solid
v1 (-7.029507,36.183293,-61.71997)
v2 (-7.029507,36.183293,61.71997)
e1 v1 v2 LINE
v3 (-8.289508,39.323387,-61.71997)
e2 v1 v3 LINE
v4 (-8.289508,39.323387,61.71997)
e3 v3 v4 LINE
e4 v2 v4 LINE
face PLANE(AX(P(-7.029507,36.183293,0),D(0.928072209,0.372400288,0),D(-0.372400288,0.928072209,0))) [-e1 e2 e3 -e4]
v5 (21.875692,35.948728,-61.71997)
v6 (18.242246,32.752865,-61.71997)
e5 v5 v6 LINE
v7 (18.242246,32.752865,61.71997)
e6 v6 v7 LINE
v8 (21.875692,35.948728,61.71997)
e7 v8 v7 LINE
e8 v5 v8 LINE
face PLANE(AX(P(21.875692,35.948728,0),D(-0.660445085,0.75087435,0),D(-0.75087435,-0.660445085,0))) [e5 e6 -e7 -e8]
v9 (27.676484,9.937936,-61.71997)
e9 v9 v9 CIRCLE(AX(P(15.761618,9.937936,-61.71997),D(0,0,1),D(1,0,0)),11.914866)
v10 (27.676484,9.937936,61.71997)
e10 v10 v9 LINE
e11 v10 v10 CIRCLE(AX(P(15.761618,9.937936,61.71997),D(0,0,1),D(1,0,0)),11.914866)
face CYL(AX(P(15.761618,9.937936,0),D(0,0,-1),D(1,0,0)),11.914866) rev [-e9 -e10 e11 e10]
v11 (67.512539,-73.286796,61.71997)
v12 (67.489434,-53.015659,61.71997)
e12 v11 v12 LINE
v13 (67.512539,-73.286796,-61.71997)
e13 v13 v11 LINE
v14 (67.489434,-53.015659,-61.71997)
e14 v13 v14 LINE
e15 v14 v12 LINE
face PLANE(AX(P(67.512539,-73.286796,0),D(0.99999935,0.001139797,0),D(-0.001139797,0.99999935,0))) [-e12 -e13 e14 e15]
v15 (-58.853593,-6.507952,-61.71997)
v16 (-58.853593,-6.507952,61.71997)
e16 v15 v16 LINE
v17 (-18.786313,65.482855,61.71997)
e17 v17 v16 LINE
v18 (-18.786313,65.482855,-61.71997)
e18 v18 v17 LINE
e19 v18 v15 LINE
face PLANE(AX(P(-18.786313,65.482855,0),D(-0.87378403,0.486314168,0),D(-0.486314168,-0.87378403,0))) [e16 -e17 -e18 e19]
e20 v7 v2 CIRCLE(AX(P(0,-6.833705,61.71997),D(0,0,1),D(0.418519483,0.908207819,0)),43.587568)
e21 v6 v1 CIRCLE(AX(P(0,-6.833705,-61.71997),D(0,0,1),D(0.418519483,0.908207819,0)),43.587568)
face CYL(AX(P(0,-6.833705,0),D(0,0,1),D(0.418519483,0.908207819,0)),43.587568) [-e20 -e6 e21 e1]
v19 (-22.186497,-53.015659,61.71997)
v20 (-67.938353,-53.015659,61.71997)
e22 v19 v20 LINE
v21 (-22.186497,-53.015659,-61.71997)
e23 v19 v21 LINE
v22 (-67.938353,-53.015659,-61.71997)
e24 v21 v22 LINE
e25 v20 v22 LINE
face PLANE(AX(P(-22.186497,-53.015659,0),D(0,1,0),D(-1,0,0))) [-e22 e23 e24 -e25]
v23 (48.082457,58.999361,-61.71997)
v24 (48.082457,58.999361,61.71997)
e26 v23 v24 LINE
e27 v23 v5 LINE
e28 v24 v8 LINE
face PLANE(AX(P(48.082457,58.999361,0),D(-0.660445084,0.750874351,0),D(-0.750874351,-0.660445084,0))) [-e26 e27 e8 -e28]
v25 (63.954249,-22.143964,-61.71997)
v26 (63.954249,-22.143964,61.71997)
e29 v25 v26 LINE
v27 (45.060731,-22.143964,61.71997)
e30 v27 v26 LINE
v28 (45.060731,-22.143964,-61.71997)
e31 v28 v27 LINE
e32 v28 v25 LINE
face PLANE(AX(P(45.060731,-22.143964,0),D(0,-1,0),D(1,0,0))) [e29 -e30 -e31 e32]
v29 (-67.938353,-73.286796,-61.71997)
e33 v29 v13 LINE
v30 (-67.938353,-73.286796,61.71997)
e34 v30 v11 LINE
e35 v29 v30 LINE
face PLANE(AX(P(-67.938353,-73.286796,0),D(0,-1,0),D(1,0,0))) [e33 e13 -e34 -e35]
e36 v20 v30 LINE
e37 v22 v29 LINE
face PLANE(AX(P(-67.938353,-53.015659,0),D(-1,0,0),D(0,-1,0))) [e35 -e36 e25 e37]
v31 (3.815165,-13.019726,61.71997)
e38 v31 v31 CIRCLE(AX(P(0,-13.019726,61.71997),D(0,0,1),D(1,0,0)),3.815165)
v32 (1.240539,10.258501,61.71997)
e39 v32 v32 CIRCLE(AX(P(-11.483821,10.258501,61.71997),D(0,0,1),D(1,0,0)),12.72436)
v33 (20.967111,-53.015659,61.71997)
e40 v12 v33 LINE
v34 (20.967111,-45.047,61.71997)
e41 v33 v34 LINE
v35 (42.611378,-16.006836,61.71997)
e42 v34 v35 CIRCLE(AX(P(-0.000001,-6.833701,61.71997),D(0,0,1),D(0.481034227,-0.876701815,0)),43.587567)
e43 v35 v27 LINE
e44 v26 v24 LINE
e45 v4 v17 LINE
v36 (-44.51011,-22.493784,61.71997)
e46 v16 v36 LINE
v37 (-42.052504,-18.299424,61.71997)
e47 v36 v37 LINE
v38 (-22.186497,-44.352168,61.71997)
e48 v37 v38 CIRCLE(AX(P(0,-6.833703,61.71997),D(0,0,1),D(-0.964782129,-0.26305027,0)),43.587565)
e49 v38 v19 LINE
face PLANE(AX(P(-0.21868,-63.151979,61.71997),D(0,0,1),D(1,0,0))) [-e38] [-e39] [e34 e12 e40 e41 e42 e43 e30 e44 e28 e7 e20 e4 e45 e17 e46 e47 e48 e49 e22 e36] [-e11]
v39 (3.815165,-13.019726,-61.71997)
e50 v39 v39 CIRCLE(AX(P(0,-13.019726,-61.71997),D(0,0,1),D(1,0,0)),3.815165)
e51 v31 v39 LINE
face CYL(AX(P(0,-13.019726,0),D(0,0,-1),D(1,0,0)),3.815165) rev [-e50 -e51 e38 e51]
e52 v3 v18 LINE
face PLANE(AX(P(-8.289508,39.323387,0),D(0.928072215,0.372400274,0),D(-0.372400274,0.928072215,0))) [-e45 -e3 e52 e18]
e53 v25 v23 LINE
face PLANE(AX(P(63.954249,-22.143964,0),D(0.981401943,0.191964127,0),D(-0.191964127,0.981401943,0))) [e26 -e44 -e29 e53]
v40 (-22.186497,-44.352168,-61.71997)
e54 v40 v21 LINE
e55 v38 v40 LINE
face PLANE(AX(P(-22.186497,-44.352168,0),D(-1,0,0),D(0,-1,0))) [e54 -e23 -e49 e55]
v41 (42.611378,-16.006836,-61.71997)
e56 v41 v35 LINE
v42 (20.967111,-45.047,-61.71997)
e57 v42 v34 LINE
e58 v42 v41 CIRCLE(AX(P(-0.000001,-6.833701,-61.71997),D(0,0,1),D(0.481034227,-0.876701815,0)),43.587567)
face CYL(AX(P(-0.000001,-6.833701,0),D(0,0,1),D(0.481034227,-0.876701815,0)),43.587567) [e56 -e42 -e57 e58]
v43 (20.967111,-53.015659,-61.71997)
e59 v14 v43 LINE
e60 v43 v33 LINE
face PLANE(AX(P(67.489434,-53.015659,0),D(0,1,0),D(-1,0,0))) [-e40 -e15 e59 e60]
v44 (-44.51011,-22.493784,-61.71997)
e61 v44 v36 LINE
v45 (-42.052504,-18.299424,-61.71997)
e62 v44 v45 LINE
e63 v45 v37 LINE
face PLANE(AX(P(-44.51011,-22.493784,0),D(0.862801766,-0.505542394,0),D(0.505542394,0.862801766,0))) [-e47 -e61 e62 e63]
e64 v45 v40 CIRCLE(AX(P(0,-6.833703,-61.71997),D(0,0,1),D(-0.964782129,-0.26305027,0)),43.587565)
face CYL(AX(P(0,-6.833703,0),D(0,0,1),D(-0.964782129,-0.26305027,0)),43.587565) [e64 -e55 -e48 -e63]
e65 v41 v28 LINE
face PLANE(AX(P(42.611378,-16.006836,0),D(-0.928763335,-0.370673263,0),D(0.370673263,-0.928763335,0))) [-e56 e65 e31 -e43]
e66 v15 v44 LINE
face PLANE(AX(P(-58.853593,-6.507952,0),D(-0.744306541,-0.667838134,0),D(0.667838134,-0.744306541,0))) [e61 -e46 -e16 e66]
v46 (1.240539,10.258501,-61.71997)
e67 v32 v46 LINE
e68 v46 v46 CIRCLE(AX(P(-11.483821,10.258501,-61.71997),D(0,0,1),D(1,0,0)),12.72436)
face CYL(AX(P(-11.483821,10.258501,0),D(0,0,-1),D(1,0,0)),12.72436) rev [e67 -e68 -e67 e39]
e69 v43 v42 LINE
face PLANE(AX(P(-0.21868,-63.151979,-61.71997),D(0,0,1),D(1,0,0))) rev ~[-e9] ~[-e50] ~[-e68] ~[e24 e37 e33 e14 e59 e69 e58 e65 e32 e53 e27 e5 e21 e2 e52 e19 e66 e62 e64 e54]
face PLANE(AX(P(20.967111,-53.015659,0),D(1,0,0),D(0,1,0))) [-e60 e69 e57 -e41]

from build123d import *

# Parameters (mm, degrees)
F0_R     = 3.815165
F0_R_2   = 12.72436
F0_R_3   = 11.914866
F1_DEPTH = 61.71997


with BuildPart() as f1:
    # F0 (on Top) → F1 (new body, symmetric)
    with BuildSketch(Plane.XY):
        Polygon((-22.186497, -53.015659), (-54.091621, -53.015659), (-67.938353, -53.015659), (-67.938353, -73.286796), (67.512539, -73.286796), (67.489434, -53.015659), (20.967111, -53.015659), align=None)
        with BuildLine():
            Line((-22.186497, -44.352168), (-22.186497, -53.015659))
            Line((-22.186497, -53.015659), (20.967111, -53.015659))
            Line((20.967111, -53.015659), (20.967111, -45.047))
            ThreePointArc((20.967111, -45.047), (-0.701729, -50.415619), (-22.186497, -44.352168))
        make_face()
        with BuildLine():
            ThreePointArc((-42.052504, -18.299424), (-34.660477, -33.263368), (-22.186497, -44.352168))
            ThreePointArc((-22.186497, -44.352168), (-0.701729, -50.415619), (20.967111, -45.047))
            ThreePointArc((20.967111, -45.047), (34.948374, -32.881486), (42.611378, -16.006836))
            ThreePointArc((42.611378, -16.006836), (43.342832, -11.446167), (43.587566, -6.833702))
            ThreePointArc((43.587566, -6.833702), (38.545513, 13.516219), (24.585849, 29.158129))
            ThreePointArc((24.585849, 29.158129), (21.489345, 31.088375), (18.242246, 32.752865))
            ThreePointArc((18.242246, 32.752865), (5.862878, 36.357761), (-7.029507, 36.183293))
            ThreePointArc((-7.029507, 36.183293), (-8.799871, 35.856322), (-10.555224, 35.456523))
            ThreePointArc((-10.555224, 35.456523), (-37.607429, 15.201659), (-42.052504, -18.299424))
        make_face()
        with Locations((0, -13.019726)):
            Circle(F0_R, mode=Mode.SUBTRACT)
        with Locations((-11.483821, 10.258501)):
            Circle(F0_R_2, mode=Mode.SUBTRACT)
        with Locations((15.761618, 9.937936)):
            Circle(F0_R_3, mode=Mode.SUBTRACT)
        with BuildLine():
            Line((-44.51011, -22.493784), (-42.052504, -18.299424))
            ThreePointArc((-42.052504, -18.299424), (-37.607429, 15.201659), (-10.555224, 35.456523))
            Line((-10.555224, 35.456523), (-8.289508, 39.323387))
            Line((-8.289508, 39.323387), (-18.786313, 65.482855))
            Line((-18.786313, 65.482855), (-58.853593, -6.507952))
            Line((-58.853593, -6.507952), (-44.51011, -22.493784))
        make_face()
        with BuildLine():
            ThreePointArc((43.587566, -6.833702), (43.342832, -11.446167), (42.611378, -16.006836))
            Line((42.611378, -16.006836), (45.060731, -22.143964))
            Line((45.060731, -22.143964), (63.954249, -22.143964))
            Line((63.954249, -22.143964), (48.082457, 58.999361))
            Line((48.082457, 58.999361), (21.875692, 35.948728))
            Line((21.875692, 35.948728), (24.585849, 29.158129))
            ThreePointArc((24.585849, 29.158129), (38.545513, 13.516219), (43.587566, -6.833702))
        make_face()
        with BuildLine():
            Line((-8.289508, 39.323387), (-10.555224, 35.456523))
            ThreePointArc((-10.555224, 35.456523), (-8.799871, 35.856322), (-7.029507, 36.183293))
            Line((-7.029507, 36.183293), (-8.289508, 39.323387))
        make_face()
        with BuildLine():
            ThreePointArc((18.242246, 32.752865), (21.489345, 31.088375), (24.585849, 29.158129))
            Line((24.585849, 29.158129), (21.875692, 35.948728))
            Line((21.875692, 35.948728), (18.242246, 32.752865))
        make_face()
    extrude(amount=F1_DEPTH, both=True)


solid = f1.part
